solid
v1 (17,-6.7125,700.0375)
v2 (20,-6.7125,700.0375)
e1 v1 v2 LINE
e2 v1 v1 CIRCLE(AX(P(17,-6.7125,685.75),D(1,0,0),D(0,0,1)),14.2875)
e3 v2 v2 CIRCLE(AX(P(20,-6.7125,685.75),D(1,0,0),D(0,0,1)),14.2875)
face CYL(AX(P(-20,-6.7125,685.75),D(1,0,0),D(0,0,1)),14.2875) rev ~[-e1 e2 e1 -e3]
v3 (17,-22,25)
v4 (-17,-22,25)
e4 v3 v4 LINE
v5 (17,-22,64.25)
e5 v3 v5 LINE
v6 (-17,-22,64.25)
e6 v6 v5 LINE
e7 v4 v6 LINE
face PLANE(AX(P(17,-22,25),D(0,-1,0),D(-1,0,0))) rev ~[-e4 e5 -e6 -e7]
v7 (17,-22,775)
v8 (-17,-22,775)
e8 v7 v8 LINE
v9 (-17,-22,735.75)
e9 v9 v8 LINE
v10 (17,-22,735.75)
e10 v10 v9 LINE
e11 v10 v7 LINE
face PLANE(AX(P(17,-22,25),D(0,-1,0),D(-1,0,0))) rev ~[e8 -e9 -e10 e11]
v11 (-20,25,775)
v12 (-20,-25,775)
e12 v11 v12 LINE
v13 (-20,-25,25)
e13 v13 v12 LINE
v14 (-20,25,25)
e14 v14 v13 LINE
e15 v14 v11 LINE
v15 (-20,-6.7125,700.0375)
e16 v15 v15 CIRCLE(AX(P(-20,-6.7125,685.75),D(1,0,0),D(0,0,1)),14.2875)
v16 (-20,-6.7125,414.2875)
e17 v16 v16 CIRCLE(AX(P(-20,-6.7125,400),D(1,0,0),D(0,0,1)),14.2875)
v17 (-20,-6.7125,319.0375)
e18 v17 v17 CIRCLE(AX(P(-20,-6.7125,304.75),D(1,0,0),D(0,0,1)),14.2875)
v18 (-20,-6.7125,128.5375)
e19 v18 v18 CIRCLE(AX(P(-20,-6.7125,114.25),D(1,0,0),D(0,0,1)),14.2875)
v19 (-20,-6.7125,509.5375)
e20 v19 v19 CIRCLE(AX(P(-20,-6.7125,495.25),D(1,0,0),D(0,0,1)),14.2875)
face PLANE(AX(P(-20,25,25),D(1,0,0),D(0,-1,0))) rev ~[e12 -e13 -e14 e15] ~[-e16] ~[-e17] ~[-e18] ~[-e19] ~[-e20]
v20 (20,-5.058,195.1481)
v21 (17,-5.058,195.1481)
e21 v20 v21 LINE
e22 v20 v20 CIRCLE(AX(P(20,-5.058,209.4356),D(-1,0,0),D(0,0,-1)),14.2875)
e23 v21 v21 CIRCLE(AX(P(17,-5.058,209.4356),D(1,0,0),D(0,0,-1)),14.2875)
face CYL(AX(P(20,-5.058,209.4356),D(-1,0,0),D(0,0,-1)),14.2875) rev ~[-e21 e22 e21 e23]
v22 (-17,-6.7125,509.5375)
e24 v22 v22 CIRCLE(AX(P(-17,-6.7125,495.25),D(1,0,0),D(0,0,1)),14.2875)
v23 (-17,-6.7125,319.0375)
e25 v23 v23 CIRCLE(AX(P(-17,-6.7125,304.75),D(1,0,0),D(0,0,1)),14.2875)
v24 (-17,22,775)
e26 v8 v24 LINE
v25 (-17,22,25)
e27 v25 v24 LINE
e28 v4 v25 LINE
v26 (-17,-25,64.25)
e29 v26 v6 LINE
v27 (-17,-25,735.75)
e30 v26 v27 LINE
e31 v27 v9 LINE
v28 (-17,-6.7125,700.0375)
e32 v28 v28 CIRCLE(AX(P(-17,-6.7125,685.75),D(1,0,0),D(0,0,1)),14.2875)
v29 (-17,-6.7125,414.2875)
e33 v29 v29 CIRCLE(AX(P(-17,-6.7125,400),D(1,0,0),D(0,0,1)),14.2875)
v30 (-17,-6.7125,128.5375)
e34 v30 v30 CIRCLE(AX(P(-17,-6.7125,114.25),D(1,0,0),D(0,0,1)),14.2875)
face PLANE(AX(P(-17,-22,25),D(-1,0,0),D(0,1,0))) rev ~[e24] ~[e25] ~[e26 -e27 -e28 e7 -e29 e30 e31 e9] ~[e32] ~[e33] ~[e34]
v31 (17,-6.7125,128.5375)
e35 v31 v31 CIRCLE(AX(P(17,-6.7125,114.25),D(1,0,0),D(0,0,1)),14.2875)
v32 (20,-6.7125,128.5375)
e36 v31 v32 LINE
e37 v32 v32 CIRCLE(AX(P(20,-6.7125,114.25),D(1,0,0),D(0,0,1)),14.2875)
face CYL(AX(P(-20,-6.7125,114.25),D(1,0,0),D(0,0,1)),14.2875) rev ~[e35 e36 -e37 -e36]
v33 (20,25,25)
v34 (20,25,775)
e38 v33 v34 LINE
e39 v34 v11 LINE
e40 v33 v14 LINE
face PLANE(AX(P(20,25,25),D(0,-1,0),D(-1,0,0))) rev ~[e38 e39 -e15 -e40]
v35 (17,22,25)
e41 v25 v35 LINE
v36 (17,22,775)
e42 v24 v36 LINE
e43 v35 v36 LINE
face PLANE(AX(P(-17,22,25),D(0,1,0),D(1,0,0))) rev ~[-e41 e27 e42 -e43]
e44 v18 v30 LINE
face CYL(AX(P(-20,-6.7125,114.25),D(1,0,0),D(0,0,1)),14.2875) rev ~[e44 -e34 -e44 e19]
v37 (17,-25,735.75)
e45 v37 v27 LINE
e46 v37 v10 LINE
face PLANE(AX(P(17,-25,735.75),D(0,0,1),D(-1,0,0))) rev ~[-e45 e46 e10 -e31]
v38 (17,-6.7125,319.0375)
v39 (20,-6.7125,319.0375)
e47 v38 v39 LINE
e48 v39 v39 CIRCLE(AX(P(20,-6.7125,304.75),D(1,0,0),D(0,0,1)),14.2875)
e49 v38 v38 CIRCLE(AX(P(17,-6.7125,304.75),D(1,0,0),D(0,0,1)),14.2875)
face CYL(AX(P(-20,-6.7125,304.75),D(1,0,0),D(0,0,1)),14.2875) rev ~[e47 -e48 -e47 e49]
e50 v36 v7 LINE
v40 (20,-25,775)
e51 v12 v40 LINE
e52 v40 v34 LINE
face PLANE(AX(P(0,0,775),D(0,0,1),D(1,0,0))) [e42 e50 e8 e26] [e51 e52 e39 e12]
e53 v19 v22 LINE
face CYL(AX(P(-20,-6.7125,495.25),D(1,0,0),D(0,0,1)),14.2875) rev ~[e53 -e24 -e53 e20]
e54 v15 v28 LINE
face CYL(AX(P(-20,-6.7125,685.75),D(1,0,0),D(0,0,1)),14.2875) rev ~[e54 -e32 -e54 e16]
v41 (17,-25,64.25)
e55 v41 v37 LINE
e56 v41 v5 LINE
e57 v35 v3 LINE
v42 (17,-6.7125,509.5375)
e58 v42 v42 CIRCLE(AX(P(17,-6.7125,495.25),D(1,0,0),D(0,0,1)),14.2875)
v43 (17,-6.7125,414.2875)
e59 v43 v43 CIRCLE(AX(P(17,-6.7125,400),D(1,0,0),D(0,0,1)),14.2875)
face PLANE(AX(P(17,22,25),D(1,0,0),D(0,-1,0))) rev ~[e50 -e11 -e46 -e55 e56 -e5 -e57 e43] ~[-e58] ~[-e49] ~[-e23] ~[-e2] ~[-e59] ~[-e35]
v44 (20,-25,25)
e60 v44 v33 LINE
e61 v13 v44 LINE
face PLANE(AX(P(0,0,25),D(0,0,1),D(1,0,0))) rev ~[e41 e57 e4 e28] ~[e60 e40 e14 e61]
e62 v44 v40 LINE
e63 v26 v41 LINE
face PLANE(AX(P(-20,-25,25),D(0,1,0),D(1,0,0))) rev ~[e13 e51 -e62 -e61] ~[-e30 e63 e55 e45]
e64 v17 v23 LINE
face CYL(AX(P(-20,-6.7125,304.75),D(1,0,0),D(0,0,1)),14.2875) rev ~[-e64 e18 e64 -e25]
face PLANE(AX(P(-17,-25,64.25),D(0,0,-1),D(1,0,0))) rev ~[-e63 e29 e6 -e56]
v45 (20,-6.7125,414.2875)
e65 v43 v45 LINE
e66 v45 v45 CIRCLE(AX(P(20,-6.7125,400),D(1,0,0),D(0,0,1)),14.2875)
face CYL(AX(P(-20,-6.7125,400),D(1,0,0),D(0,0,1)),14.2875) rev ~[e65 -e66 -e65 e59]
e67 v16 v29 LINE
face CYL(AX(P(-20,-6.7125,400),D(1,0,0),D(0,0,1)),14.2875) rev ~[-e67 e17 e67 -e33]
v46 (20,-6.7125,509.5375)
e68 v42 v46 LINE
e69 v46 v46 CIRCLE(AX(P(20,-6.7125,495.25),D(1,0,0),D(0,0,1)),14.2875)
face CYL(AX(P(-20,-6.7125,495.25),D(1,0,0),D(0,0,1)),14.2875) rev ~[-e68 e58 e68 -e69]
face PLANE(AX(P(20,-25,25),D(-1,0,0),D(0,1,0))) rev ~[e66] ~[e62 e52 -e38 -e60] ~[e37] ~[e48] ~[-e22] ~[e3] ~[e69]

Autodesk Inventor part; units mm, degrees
ref_plane "Start Plane" through (0, 0, 25) normal (0, 0, 1) x (1, 0, 0)
ref_plane "End Plane" through (0, 0, 775) normal (0, 0, 1) x (1, 0, 0)
sketch "Sketch" plane through (0, 0, 0) normal (0, 0, 1) x (1, 0, 0)
  line L0 (-20, -25) -> (20, -25)
  line L1 (20, -25) -> (20, 25)
  line L2 (20, 25) -> (-20, 25)
  line L3 (-20, 25) -> (-20, -25)
  line L4 (-20, -25) -> (20, 25) construction
  line L5 (20, -25) -> (-20, 25) construction
  line L6 (-17, 22) -> (17, 22)
  line L7 (17, 22) -> (17, -22)
  line L8 (17, -22) -> (-17, -22)
  line L9 (-17, -22) -> (-17, 22)
  point P0 (0, 0)
  dimension "Width" = 40
  dimension "Height" = 50
  dimension "Thickness" = 3
extrude "Body" add sketch "Sketch" along normal up to surface (750 mm away) from surface at 25
sketch "Sketch2" plane through (0, 0, 0) normal (0, 0, 1) x (1, 0, 0)
  line L0 (0, 0) -> (10, 0)
ref_plane "Work Plane3" through (0, 0, 0) normal (0, -1, 0) x (1, 0, 0)
sketch "Sketch3" plane through (0, 0, 0) normal (0, -1, 0) x (1, 0, 0)
  line L0 (-28, 25) -> (28, 25)
  line L1 (-28, 775) -> (28, 775)
  dimension "d10" = 750
ref_plane "Work Plane5" through (628, -25, 25) normal (0, 0, -1) x (-1, 0, 0)
split "Split2" plane through (628, -25, 25) removes the side toward (0, 0, -1)
ref_plane "Work Plane6" through (-72, -25, 775) normal (0, 0, 1) x (1, 0, 0)
split "Split3" plane through (-72, -25, 775) removes the side toward (0, 0, 1)
sketch "Sketch4" plane through (-20, -25, 775) normal (-1, 0, 0) x (0, 0, 1)
  line L0 (-750, 50) -> (0, 50) projected
  line L1 (-750, 0) -> (0, 0) projected
  line L2 (-660.75, 18.2875) -> (-89.25, 18.2875)
  line L3 (-750, 3) -> (-750, 47) construction
  line L4 (-750, 25) -> (0, 25) construction
  line L5 (0, 3) -> (0, 47) construction
  line L6 (-750, 0) -> (-750, 50) projected
  line L7 (0, 0) -> (0, 50) projected
  point P0 (-775, 25)
  point P1 (-375, 18.2875)
  point P2 (-375, 0)
  dimension "d11" = 571.5
  dimension "d44" = 18.2875
hole "Hole1" at (-20, -6.7125, 114.25) direction (1, 0, 0) diameter 28.575 end through all
pattern_linear "Rectangular Pattern1" count 3 spacing 285.75 along (0, 0, 1) of "Hole1"
sketch "Sketch5" plane through (-20, -25, 775) normal (-1, 0, 0) x (0, 0, 1)
  line L0 (0, 0) -> (0, 50) projected
  line L1 (-750, 50) -> (0, 50) projected
  line L2 (-750, 0) -> (-750, 50) projected
  line L3 (-750, 0) -> (0, 0) projected
  line L4 (-775, 25) -> (25, 25)
  point P0 (-375, 17)
  point P1 (-375, 19.9091)
  point P2 (-375, 25)
  point P3 (-375, 25)
  dimension "d35" = 8
hole "Hole2" [suppressed]
sketch "Sketch7" plane through (-20, -25, 775) normal (-1, 0, 0) x (0, 0, 1)
  line L0 (-666.5, 21) -> (-83.5, 21) construction
  line L1 (-766.8103, 25) -> (25, 25) construction
  point P0 (-375, 21)
  point P1 (-375, 25)
  dimension "d36" = 583
  dimension "d40" = 4
pattern_linear "Rectangular Pattern2" count 4 spacing 190.5 along (0, 0, 1) of "Hole1"
sketch "Sketch9" plane through (20, -25, 775) normal (1, 0, 0) x (0, 0, -1)
  line L0 (0, 50) -> (750, 50) projected
  line L1 (750, 0) -> (750, 50) projected
  line L2 (0, 50) -> (750, 50) projected
  line L3 (0, 0) -> (0, 50) projected
  line L4 (0, 0) -> (750, 0) projected
  circle A0 centre (660.8, 18.2875) radius 12.7 projected
  circle A1 centre (279.75, 18.2875) radius 14.2875 projected
  circle A2 centre (470.25, 18.2875) radius 14.2875 projected
  circle A3 centre (660.75, 18.2875) radius 14.2875 projected
  circle A4 centre (375, 18.2875) radius 14.2875 projected
  circle A5 centre (89.25, 18.2875) radius 14.2875 projected
  point P0 (775, 25)
  point P1 (565.5644, 19.942)
  dimension "d57" = 95.25
  dimension "d58" = 30.058
hole "Hole4" at (20, -5.058, 209.4356) direction (-1, 0, 0) diameter 28.575 depth 10
sketch "Sketch12" plane through (17, -25, 775) normal (-1, 0, 0) x (0, 0, 1)
  point P0 (-775, 25)
sketch "Sketch13" plane through (-20, -25, 775) normal (0, -1, 0) x (1, 0, 0)
  line L0 (0, -750) -> (0, 0) projected
  line L1 (3, -750) -> (3, 0) projected
  line L2 (37, -750) -> (37, 0) projected
  line L3 (-55, -750) -> (645, -750) projected
  line L4 (-55, 0) -> (645, 0) projected
  line L5 (37, -750) -> (37, 0) projected
  line L6 (3, -710.75) -> (37, -710.75)
  line L7 (37, -710.75) -> (37, -39.25)
  line L8 (37, -39.25) -> (3, -39.25)
  line L9 (3, -39.25) -> (3, -710.75)
  point P0 (20, -775)
  point P1 (37, -375)
  point P2 (37, -375)
  point P3 (37, -39.25)
  point P4 (3, -39.25)
  point P5 (37, -710.75)
  dimension "d73" = 671.5
extrude "Extrusion4" cut sketch "Sketch13" against normal blind 10 contours L1 L8 L2 L6
sketch "Sketch14" plane through (20, -25, 775) normal (1, 0, 0) x (0, 0, -1)
  circle A0 centre (375, 18.2875) radius 14.2875 projected
  point P0 (775, 25)
equation "\"d22\" = Wheel_Seperation"
equation "\"d35\" = Wheel_HeightOffset + Wheel_CentreDrop"
equation "\"d36\" = 3 * Wheel_Seperation2"
equation "\"d40\" = Wheel_HeightOffset2"
equation "\"d43\" = Wheel_MaxSeperation2"
equation "\"d57\" = MotorholeCC"
equation "\"d58\" = OutputshaftTopOffset"
equation "\"G_OFFSET_START\" = -25"
equation "\"G_OFFSET_END\" = -25"
equation "\"d5\" = -G_OFFSET_START"
equation "\"d6\" = Length + G_OFFSET_END"
equation "\"G_L\" = 750"
equation "\"Chassi_CentreDrop\" = 4"
equation "\"WheelBay_Depth\" = 55"
equation "\"Wheel_Diametre\" = 152.4"
equation "\"Wheel_Seperation\" = 285.75"
equation "\"Wheel_HeightOffset\" = 4"
equation "\"Wheel_Clearance\" = 13.05"
equation "\"Chassi_GroundClearance\" = 10.116"
equation "\"Wheel_CentreDrop\" = 4"
equation "\"Wheel_Seperation2\" = 194.33333"
equation "\"Wheel_Diametre2\" = 101.6"
equation "\"Wheel_HeightOffset2\" = 4"
equation "\"Wheel_Clearance2\" = 32.7"
equation "\"Chain_Pitch\" = 9.525"
equation "\"Wheel_MaxSeperation\" = 285.75"
equation "\"Wheel_CCSpan\" = 571.5"
equation "\"Wheel_CCSpan2\" = 471.5"
equation "\"Wheel_MaxSeperation2\" = 190.5"
equation "\"MotorholeCC\" = 95.25"
equation "\"MotorholeHorizontal\" = 95.01318"
equation "\"OutputshaftTopOffset\" = 30.058"
equation "\"Heightfromcenter\" = 6.7125"
equation "\"Chassi_SideRivetSpacing\" = 37.5"
equation "\"Sprocket_Thickness\" = 10.668"
equation "\"BumperMountingBarOffset\" = 177.8"
equation "\"Length\" = 800"
properties part number "50x40x3" material "Aluminum 6061"
